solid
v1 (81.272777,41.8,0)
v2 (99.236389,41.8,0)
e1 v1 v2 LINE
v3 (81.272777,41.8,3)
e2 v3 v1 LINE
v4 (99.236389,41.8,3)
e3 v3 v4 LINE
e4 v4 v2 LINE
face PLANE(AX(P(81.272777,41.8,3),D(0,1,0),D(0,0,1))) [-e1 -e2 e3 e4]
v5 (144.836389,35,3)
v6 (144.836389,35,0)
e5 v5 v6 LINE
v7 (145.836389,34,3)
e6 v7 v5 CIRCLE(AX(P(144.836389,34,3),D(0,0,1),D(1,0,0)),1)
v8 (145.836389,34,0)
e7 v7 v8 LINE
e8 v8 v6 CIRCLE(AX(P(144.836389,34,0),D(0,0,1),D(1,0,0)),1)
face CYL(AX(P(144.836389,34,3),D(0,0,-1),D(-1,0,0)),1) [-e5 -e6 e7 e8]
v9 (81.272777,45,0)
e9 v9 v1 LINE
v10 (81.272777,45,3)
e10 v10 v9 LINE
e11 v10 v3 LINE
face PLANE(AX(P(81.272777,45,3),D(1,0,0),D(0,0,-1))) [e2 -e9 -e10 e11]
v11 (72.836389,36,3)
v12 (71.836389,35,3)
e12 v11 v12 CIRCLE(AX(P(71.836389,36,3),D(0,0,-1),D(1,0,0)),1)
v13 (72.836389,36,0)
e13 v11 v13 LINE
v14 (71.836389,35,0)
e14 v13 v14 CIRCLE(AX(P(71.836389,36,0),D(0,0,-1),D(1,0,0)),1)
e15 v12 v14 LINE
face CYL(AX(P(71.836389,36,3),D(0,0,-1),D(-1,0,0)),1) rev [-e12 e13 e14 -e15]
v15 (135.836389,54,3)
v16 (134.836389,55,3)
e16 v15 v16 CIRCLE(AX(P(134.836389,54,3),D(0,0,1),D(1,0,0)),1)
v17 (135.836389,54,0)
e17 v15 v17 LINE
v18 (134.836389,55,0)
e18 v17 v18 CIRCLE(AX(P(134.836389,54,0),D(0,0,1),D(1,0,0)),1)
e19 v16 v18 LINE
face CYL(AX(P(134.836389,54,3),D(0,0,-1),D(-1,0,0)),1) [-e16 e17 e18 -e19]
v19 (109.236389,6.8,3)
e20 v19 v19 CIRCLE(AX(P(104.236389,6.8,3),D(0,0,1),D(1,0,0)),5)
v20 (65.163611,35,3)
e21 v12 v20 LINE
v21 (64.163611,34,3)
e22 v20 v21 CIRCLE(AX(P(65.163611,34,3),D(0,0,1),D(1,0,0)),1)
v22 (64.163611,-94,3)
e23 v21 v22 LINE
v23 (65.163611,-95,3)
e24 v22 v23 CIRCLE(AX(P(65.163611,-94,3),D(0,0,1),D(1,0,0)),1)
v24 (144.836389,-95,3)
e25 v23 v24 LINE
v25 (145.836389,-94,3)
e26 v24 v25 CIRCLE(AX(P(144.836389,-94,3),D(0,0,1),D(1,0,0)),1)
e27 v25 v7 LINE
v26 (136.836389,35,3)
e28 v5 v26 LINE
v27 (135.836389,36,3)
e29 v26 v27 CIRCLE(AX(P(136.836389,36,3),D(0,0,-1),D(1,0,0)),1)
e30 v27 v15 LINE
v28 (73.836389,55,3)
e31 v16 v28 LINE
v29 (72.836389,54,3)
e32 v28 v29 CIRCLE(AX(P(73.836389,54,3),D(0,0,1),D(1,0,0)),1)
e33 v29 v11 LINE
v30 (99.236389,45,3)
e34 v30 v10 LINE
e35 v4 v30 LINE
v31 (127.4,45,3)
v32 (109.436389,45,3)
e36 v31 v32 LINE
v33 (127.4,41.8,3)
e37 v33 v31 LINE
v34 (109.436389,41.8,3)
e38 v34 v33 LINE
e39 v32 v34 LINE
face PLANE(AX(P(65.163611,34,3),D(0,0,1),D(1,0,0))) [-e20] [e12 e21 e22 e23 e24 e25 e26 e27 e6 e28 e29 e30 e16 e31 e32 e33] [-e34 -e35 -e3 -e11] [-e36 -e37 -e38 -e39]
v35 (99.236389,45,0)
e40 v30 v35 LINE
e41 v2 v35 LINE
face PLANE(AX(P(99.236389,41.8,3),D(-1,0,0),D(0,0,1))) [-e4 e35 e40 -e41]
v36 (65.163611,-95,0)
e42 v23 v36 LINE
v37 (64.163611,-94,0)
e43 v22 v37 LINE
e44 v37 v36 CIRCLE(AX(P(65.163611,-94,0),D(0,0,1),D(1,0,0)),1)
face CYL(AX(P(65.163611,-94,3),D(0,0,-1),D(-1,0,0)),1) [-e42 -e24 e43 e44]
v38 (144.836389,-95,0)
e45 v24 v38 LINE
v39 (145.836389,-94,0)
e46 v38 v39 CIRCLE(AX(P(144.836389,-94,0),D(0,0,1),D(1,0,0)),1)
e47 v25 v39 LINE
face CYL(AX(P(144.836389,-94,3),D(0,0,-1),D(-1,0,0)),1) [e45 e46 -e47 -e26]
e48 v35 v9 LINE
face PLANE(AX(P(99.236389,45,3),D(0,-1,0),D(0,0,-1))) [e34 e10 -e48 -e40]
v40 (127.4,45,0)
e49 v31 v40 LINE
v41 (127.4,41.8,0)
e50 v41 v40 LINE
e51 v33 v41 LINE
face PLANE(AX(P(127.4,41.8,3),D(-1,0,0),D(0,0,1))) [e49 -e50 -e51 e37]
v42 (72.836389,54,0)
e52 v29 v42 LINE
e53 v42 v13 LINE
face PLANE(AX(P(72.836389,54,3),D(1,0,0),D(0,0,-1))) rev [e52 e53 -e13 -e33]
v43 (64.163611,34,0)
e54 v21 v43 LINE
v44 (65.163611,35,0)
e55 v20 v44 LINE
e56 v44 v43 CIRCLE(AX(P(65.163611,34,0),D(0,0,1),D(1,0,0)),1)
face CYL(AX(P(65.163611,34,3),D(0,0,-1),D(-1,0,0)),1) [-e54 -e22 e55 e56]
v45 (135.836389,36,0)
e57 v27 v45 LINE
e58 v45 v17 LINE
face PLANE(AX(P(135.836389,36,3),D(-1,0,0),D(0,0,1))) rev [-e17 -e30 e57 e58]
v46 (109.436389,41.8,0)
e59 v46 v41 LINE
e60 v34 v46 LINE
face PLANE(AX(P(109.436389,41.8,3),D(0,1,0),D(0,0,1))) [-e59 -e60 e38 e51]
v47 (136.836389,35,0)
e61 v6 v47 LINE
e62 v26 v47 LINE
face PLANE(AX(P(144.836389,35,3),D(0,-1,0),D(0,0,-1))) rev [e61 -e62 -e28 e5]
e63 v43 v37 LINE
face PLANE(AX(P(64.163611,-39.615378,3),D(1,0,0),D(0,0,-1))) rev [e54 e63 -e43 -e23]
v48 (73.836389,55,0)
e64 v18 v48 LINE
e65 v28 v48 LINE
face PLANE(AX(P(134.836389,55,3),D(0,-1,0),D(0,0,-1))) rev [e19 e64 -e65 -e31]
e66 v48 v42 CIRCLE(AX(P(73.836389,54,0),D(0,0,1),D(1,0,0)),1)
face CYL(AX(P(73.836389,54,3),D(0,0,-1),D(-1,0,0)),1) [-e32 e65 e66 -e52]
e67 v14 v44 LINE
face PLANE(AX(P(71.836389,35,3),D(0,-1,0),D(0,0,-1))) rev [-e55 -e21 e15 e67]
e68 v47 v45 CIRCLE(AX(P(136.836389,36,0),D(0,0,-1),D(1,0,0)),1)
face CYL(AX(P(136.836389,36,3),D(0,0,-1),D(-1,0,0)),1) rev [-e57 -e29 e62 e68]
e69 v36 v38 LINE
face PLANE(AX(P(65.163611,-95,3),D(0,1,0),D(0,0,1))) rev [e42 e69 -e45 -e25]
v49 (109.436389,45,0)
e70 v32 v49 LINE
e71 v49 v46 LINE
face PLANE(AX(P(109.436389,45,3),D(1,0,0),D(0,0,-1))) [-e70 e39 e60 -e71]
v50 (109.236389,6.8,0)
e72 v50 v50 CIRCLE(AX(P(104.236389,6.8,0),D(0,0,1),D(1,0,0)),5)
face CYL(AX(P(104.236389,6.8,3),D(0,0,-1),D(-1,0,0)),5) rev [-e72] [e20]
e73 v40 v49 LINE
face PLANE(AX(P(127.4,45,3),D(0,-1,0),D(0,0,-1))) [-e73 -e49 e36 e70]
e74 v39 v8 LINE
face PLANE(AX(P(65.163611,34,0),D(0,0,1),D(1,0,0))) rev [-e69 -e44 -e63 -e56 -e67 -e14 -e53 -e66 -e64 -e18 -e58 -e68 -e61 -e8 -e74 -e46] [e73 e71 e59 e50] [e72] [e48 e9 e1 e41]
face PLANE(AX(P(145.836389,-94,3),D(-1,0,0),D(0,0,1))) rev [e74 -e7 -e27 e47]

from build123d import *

# Parameters (mm, degrees)
MODEL_R                 = 5
MODEL_W                 = 17.963611368
MODEL_H                 = 3.2
MODEL_W_2               = 17.963611367
SALIENTE_EXTRUIR1_DEPTH = 3


with BuildPart() as part:
    # Model → Saliente-Extruir1 (new body)
    with BuildSketch(Plane.XY):
        with BuildLine():
            Line((64.163611368, -39.615377633), (64.163611368, -4))
            Line((64.163611368, -4), (64.163611368, 15.5))
            Line((64.163611368, 15.5), (64.163611368, 34))
            ThreePointArc((64.163611368, 34), (64.456504586, 34.707106781), (65.163611368, 35))
            Line((65.163611368, 35), (71.836388632, 35))
            ThreePointArc((71.836388632, 35), (72.543495414, 35.292893219), (72.836388632, 36))
            Line((72.836388632, 36), (72.836388632, 54))
            ThreePointArc((72.836388632, 54), (73.129281851, 54.707106781), (73.836388632, 55))
            Line((73.836388632, 55), (134.836388632, 55))
            ThreePointArc((134.836388632, 55), (135.543495414, 54.707106781), (135.836388632, 54))
            Line((135.836388632, 54), (135.836388632, 36))
            ThreePointArc((135.836388632, 36), (136.129281851, 35.292893219), (136.836388632, 35))
            Line((136.836388632, 35), (144.836388632, 35))
            ThreePointArc((144.836388632, 35), (145.543495414, 34.707106781), (145.836388632, 34))
            Line((145.836388632, 34), (145.836388632, -94))
            ThreePointArc((145.836388632, -94), (145.543495414, -94.707106781), (144.836388632, -95))
            Line((144.836388632, -95), (65.163611368, -95))
            ThreePointArc((65.163611368, -95), (64.456504586, -94.707106781), (64.163611368, -94))
            Line((64.163611368, -94), (64.163611368, -39.615377633))
        make_face()
        with Locations((104.236388632, 6.8)):
            Circle(MODEL_R, mode=Mode.SUBTRACT)
        with Locations((118.418194316, 43.4)):
            Rectangle(MODEL_W, MODEL_H, mode=Mode.SUBTRACT)
        with Locations((90.254582949, 43.4)):
            Rectangle(MODEL_W_2, MODEL_H, mode=Mode.SUBTRACT)
    extrude(amount=SALIENTE_EXTRUIR1_DEPTH)


solid = part.part
